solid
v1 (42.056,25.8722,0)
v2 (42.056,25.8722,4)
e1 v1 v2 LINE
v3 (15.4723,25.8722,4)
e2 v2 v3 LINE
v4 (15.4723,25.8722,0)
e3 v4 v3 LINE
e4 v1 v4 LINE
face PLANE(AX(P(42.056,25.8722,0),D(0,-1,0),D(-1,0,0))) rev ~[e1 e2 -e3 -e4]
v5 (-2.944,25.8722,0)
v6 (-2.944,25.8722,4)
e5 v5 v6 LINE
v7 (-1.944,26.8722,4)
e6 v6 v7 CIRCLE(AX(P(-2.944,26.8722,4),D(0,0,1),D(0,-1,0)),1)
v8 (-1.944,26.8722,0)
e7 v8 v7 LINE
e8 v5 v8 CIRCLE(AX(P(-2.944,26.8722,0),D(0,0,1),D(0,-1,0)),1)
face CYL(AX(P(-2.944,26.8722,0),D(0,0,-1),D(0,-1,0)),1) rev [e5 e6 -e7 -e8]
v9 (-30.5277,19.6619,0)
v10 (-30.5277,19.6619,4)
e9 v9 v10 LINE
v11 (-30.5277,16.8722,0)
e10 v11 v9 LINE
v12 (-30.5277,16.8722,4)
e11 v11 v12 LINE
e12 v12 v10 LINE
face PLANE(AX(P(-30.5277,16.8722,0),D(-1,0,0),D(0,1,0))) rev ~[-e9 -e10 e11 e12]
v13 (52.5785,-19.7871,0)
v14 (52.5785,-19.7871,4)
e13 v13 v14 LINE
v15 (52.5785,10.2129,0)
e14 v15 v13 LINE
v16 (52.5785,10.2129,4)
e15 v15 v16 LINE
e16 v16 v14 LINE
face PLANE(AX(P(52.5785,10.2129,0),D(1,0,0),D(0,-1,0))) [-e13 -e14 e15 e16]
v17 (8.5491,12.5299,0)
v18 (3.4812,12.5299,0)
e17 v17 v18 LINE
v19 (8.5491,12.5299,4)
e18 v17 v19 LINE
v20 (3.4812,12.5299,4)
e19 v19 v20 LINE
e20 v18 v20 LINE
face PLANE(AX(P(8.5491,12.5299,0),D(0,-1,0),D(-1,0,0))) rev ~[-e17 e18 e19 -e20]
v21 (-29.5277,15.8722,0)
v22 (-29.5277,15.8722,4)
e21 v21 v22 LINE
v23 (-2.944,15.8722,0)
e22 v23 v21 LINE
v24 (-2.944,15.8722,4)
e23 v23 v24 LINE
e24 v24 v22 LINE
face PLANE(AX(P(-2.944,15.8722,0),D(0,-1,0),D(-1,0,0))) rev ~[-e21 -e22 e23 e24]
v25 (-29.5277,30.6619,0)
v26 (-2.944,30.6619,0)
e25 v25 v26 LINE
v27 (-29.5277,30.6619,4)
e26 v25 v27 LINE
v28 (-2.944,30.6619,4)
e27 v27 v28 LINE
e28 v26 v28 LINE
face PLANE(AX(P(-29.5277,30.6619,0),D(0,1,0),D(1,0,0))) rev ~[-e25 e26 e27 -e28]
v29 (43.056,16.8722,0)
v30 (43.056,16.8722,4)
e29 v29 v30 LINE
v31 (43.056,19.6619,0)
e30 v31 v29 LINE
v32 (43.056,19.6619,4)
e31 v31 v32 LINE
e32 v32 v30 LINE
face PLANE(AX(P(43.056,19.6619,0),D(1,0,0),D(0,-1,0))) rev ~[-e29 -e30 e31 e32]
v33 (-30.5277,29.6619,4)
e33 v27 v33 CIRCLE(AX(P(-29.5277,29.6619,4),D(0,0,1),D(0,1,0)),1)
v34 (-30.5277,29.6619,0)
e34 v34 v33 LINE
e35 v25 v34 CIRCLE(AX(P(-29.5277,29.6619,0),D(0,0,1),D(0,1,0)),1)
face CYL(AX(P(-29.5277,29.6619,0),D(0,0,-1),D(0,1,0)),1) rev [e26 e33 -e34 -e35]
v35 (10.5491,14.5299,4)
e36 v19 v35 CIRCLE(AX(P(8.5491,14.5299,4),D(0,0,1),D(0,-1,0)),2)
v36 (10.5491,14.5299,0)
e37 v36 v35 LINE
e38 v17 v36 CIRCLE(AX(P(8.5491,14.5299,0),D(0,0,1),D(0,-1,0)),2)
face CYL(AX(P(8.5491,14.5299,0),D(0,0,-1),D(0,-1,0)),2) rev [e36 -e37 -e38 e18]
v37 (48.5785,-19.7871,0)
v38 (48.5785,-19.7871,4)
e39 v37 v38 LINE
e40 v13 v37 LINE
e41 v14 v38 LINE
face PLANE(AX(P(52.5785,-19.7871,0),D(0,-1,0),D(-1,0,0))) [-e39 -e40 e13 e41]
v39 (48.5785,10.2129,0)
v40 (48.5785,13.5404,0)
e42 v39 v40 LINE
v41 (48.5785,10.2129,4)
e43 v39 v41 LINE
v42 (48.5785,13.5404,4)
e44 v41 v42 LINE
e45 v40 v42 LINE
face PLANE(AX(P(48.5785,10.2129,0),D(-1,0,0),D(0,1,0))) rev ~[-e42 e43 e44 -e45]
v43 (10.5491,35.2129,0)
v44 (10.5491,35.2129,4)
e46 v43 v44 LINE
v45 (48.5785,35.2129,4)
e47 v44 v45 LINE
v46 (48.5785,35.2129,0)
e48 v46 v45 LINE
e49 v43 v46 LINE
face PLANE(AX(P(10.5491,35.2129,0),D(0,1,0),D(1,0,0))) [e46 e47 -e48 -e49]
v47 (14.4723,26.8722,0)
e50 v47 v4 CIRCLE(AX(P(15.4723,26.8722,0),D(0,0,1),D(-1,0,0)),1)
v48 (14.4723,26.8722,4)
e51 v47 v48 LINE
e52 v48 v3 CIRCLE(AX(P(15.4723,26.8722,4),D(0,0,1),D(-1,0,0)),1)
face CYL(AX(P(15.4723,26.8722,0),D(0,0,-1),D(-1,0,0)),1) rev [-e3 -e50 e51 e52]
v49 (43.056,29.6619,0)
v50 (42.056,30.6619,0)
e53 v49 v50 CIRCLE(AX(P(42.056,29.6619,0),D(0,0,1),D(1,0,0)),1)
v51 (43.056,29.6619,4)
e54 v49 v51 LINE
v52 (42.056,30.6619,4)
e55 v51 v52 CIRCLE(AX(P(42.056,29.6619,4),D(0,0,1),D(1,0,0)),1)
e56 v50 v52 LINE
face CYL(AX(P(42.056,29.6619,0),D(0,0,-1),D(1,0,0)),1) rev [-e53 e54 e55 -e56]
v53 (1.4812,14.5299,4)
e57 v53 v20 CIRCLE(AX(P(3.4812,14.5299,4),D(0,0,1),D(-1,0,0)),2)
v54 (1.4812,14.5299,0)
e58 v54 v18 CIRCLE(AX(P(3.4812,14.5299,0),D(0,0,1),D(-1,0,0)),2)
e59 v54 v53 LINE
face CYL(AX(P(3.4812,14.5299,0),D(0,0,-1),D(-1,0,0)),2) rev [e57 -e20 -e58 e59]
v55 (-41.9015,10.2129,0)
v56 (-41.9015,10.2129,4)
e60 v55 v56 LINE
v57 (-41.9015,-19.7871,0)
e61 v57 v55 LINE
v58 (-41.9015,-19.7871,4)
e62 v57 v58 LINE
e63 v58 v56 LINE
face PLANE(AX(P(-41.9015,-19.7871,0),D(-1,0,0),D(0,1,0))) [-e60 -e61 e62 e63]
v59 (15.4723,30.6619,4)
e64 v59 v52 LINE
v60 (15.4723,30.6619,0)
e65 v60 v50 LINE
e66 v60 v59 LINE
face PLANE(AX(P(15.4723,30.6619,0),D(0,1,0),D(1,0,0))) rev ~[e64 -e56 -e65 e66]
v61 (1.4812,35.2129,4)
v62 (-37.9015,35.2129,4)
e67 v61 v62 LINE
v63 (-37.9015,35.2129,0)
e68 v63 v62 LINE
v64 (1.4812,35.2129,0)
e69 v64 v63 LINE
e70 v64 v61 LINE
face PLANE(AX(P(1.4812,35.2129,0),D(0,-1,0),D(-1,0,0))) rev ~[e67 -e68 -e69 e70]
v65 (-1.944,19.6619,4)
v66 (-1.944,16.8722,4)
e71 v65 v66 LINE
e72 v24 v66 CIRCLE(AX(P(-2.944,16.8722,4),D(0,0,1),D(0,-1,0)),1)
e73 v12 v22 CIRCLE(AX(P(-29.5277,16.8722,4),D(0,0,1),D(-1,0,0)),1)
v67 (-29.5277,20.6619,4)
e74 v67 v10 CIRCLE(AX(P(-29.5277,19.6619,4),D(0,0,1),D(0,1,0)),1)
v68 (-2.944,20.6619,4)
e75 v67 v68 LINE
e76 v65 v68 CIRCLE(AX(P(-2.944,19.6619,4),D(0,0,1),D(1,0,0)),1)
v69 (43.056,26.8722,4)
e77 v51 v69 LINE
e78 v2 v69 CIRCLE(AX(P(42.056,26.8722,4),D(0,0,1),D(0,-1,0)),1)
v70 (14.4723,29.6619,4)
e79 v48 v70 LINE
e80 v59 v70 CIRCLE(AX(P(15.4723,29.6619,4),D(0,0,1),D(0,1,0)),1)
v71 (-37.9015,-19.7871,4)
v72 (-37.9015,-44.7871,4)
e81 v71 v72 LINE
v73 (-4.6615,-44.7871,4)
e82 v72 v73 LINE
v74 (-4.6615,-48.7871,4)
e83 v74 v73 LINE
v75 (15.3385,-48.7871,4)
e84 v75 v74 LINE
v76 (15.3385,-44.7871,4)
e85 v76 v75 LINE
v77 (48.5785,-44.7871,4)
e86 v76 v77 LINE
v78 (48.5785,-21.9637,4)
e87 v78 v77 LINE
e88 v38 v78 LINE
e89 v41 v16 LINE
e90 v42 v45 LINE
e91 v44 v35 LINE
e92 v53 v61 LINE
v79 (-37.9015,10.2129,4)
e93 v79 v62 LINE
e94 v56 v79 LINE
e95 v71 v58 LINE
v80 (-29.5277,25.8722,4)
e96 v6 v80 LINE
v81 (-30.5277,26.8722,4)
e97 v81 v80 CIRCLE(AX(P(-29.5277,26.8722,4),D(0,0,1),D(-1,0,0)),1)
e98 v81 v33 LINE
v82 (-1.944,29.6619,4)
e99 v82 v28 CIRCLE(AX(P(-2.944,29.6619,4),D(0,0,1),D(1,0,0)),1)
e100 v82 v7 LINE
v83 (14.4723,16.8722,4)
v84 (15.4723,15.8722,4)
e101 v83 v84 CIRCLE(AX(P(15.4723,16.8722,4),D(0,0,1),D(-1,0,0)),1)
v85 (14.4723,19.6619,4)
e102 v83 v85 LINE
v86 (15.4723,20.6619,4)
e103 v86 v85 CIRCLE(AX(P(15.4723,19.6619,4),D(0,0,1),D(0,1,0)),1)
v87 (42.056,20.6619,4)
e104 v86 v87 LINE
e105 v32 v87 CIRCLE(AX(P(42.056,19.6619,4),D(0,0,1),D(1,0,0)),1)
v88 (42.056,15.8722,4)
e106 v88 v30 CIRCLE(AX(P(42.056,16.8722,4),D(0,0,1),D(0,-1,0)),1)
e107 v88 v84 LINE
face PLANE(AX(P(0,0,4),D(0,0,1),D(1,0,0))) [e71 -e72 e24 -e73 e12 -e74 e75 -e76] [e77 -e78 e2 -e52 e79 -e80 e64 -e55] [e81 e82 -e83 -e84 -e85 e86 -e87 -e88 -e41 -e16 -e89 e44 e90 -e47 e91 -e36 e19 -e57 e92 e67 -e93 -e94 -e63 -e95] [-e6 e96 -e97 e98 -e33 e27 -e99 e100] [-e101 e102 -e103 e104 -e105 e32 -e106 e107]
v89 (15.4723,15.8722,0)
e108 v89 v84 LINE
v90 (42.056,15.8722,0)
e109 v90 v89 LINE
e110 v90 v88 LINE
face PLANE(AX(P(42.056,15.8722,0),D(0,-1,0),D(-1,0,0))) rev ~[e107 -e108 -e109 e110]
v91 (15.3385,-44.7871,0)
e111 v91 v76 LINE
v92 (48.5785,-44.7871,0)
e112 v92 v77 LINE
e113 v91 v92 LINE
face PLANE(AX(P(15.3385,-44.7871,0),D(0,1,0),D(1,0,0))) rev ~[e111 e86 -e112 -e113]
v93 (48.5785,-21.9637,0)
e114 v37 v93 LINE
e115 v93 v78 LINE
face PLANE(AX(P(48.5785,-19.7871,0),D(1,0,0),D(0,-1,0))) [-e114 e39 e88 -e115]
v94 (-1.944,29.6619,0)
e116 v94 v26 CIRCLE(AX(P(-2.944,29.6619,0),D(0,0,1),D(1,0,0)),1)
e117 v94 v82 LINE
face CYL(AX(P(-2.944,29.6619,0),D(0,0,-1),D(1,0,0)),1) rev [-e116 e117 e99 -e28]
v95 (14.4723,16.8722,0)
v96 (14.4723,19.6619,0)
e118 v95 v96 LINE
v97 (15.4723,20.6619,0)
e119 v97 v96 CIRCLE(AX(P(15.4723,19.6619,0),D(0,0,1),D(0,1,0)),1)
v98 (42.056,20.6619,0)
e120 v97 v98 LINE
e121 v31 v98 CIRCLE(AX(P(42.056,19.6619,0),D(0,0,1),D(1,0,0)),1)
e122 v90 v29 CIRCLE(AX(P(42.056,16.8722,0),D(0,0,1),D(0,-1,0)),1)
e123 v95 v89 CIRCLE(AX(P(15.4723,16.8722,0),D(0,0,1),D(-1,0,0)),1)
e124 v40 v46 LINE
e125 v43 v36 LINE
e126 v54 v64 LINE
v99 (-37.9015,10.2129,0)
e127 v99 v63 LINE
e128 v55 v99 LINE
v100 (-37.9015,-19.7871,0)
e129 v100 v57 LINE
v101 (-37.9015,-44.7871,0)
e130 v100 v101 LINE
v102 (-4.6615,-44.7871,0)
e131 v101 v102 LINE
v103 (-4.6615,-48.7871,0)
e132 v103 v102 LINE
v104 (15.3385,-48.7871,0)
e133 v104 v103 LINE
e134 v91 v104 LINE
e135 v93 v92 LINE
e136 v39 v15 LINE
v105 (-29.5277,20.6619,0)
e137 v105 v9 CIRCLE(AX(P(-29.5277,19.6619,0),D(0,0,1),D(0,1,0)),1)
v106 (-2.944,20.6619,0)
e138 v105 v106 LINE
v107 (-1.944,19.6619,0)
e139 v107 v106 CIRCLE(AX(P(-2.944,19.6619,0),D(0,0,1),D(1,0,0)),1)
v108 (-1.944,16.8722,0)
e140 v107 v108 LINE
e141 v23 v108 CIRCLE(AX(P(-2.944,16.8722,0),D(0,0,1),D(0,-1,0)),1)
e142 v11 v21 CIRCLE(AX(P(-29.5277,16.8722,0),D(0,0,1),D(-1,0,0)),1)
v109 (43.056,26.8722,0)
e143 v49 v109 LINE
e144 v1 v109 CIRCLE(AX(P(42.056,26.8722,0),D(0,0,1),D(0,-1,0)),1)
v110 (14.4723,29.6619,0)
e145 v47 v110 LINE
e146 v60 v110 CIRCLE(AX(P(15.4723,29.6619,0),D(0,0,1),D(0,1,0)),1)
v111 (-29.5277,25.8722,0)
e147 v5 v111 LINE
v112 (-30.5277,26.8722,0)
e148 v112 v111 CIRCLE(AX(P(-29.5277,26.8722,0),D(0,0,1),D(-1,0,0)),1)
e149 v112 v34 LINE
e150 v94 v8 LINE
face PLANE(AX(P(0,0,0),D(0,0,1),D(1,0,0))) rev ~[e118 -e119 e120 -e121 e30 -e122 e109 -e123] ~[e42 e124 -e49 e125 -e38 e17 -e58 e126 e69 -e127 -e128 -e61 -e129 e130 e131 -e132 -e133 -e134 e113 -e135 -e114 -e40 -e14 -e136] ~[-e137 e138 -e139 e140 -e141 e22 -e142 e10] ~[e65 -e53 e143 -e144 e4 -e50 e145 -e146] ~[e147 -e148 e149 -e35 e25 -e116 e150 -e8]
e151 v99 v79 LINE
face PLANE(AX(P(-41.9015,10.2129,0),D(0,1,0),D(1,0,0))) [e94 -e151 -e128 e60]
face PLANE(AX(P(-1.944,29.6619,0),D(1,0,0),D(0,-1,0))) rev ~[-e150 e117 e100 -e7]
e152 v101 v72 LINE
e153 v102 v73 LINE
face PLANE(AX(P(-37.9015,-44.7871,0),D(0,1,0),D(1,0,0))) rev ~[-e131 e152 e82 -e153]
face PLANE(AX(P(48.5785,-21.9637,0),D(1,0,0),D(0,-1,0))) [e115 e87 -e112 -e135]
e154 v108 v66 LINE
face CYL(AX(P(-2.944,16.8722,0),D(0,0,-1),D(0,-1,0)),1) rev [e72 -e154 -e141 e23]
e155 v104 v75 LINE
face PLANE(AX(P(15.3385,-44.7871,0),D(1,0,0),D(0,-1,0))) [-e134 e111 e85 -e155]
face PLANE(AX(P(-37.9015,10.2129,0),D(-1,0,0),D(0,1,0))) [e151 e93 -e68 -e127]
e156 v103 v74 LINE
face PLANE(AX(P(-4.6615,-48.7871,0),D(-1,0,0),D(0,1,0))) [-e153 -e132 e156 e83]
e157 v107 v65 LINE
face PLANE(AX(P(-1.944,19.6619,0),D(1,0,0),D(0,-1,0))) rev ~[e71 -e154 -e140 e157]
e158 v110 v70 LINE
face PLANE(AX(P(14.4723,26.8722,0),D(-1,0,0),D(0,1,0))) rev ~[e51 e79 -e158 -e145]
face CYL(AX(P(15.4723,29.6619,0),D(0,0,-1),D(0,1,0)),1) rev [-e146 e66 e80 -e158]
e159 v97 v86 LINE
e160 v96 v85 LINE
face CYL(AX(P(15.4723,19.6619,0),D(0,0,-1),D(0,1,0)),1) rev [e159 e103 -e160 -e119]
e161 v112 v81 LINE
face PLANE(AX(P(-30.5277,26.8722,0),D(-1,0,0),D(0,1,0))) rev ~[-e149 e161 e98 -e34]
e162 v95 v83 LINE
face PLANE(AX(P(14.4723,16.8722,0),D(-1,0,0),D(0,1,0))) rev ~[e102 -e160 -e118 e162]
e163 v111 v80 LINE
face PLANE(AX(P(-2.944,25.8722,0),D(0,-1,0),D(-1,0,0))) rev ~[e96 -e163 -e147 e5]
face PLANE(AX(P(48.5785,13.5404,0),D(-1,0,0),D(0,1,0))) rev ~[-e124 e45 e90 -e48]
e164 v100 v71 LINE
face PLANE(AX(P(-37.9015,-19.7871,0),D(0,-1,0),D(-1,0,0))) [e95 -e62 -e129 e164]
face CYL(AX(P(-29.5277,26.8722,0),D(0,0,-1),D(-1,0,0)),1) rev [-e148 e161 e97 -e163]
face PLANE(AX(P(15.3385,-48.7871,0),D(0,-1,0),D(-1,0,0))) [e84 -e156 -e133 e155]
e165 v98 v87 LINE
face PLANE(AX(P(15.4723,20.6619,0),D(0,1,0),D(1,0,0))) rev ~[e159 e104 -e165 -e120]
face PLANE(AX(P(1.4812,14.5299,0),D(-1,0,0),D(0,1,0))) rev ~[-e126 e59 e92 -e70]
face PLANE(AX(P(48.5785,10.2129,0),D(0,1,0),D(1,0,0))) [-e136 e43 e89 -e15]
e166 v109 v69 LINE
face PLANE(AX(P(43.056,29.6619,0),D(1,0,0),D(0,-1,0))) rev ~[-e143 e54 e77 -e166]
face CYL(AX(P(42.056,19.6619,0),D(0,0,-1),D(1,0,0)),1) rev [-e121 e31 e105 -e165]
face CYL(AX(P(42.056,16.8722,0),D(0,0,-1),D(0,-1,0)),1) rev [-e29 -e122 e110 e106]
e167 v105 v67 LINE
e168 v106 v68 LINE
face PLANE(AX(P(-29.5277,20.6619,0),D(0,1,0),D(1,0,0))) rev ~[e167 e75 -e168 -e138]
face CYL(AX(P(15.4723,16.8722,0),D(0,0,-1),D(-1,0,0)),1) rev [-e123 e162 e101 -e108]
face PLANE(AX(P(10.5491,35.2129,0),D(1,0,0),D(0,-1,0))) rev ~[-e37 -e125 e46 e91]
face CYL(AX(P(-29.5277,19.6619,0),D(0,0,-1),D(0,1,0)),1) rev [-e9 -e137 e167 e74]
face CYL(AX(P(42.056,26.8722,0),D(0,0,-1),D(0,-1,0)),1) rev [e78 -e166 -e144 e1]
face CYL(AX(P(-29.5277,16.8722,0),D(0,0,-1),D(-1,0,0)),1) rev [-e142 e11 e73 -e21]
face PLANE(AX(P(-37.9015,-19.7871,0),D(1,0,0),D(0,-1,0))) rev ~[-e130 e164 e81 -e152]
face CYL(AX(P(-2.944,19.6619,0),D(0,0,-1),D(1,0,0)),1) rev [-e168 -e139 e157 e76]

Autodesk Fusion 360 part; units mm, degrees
sketch "Sketch1" plane through (0, 0, 0) normal (0, 0, 1) x (1, 0, 0)
  line L0 (15.3385, -44.7871) -> (15.3385, -48.7871)
  line L1 (15.3385, -48.7871) -> (-4.6615, -48.7871)
  line L2 (-4.6615, -48.7871) -> (-4.6615, -44.7871)
  line L3 (-37.9015, -44.7871) -> (-4.6615, -44.7871)
  line L4 (15.3385, -44.7871) -> (48.5785, -44.7871)
  line L5 (-37.9015, -19.7871) -> (-41.9015, -19.7871)
  line L6 (-41.9015, -19.7871) -> (-41.9015, 10.2129)
  line L7 (-41.9015, 10.2129) -> (-37.9015, 10.2129)
  line L8 (-37.9015, -19.7871) -> (-37.9015, -44.7871)
  line L9 (-37.9015, 10.2129) -> (-37.9015, 35.2129)
  line L10 (48.5785, 10.2129) -> (52.5785, 10.2129)
  line L11 (52.5785, 10.2129) -> (52.5785, -19.7871)
  line L12 (52.5785, -19.7871) -> (48.5785, -19.7871)
  line L13 (48.5785, -19.7871) -> (48.5785, -21.9637)
  line L14 (48.5785, -21.9637) -> (48.5785, -44.7871)
  line L15 (48.5785, 10.2129) -> (48.5785, 13.5404)
  line L16 (48.5785, 13.5404) -> (48.5785, 35.2129)
  line L17 (-29.5277, 30.6619) -> (-2.944, 30.6619)
  line L18 (-1.944, 29.6619) -> (-1.944, 26.8722)
  line L19 (-2.944, 25.8722) -> (-29.5277, 25.8722)
  line L20 (-30.5277, 26.8722) -> (-30.5277, 29.6619)
  arc A0 (-30.5277, 26.8722) -> (-29.5277, 25.8722) centre (-29.5277, 26.8722) ccw
  arc A1 (-29.5277, 30.6619) -> (-30.5277, 29.6619) centre (-29.5277, 29.6619) ccw
  arc A2 (-1.944, 29.6619) -> (-2.944, 30.6619) centre (-2.944, 29.6619) ccw
  arc A3 (-2.944, 25.8722) -> (-1.944, 26.8722) centre (-2.944, 26.8722) ccw
  line L21 (-30.5277, 16.8722) -> (-30.5277, 19.6619)
  line L22 (-29.5277, 20.6619) -> (-2.944, 20.6619)
  arc A4 (-1.944, 19.6619) -> (-2.944, 20.6619) centre (-2.944, 19.6619) ccw
  line L23 (-1.944, 19.6619) -> (-1.944, 16.8722)
  arc A5 (-29.5277, 20.6619) -> (-30.5277, 19.6619) centre (-29.5277, 19.6619) ccw
  arc A6 (-2.944, 15.8722) -> (-1.944, 16.8722) centre (-2.944, 16.8722) ccw
  arc A7 (-30.5277, 16.8722) -> (-29.5277, 15.8722) centre (-29.5277, 16.8722) ccw
  line L24 (-2.944, 15.8722) -> (-29.5277, 15.8722)
  arc A8 (42.056, 25.8722) -> (43.056, 26.8722) centre (42.056, 26.8722) ccw
  line L25 (42.056, 25.8722) -> (15.4723, 25.8722)
  line L26 (14.4723, 26.8722) -> (14.4723, 29.6619)
  arc A9 (14.4723, 16.8722) -> (15.4723, 15.8722) centre (15.4723, 16.8722) ccw
  arc A10 (15.4723, 20.6619) -> (14.4723, 19.6619) centre (15.4723, 19.6619) ccw
  arc A11 (42.056, 15.8722) -> (43.056, 16.8722) centre (42.056, 16.8722) ccw
  arc A12 (43.056, 19.6619) -> (42.056, 20.6619) centre (42.056, 19.6619) ccw
  arc A13 (15.4723, 30.6619) -> (14.4723, 29.6619) centre (15.4723, 29.6619) ccw
  line L27 (42.056, 15.8722) -> (15.4723, 15.8722)
  line L28 (43.056, 29.6619) -> (43.056, 26.8722)
  arc A14 (14.4723, 26.8722) -> (15.4723, 25.8722) centre (15.4723, 26.8722) ccw
  line L29 (43.056, 19.6619) -> (43.056, 16.8722)
  line L30 (15.4723, 30.6619) -> (42.056, 30.6619)
  line L31 (14.4723, 16.8722) -> (14.4723, 19.6619)
  line L32 (15.4723, 20.6619) -> (42.056, 20.6619)
  arc A15 (43.056, 29.6619) -> (42.056, 30.6619) centre (42.056, 29.6619) ccw
  line L33 (10.5491, 35.2129) -> (10.5491, 14.5299)
  line L34 (8.5491, 12.5299) -> (3.4812, 12.5299)
  line L35 (1.4812, 14.5299) -> (1.4812, 35.2129)
  arc A16 (1.4812, 14.5299) -> (3.4812, 12.5299) centre (3.4812, 14.5299) ccw
  arc A17 (8.5491, 12.5299) -> (10.5491, 14.5299) centre (8.5491, 14.5299) ccw
  line L36 (10.5491, 35.2129) -> (48.5785, 35.2129)
  line L37 (1.4812, 35.2129) -> (-37.9015, 35.2129)
extrude "Extrude1" add sketch "Sketch1" along normal blind 4
